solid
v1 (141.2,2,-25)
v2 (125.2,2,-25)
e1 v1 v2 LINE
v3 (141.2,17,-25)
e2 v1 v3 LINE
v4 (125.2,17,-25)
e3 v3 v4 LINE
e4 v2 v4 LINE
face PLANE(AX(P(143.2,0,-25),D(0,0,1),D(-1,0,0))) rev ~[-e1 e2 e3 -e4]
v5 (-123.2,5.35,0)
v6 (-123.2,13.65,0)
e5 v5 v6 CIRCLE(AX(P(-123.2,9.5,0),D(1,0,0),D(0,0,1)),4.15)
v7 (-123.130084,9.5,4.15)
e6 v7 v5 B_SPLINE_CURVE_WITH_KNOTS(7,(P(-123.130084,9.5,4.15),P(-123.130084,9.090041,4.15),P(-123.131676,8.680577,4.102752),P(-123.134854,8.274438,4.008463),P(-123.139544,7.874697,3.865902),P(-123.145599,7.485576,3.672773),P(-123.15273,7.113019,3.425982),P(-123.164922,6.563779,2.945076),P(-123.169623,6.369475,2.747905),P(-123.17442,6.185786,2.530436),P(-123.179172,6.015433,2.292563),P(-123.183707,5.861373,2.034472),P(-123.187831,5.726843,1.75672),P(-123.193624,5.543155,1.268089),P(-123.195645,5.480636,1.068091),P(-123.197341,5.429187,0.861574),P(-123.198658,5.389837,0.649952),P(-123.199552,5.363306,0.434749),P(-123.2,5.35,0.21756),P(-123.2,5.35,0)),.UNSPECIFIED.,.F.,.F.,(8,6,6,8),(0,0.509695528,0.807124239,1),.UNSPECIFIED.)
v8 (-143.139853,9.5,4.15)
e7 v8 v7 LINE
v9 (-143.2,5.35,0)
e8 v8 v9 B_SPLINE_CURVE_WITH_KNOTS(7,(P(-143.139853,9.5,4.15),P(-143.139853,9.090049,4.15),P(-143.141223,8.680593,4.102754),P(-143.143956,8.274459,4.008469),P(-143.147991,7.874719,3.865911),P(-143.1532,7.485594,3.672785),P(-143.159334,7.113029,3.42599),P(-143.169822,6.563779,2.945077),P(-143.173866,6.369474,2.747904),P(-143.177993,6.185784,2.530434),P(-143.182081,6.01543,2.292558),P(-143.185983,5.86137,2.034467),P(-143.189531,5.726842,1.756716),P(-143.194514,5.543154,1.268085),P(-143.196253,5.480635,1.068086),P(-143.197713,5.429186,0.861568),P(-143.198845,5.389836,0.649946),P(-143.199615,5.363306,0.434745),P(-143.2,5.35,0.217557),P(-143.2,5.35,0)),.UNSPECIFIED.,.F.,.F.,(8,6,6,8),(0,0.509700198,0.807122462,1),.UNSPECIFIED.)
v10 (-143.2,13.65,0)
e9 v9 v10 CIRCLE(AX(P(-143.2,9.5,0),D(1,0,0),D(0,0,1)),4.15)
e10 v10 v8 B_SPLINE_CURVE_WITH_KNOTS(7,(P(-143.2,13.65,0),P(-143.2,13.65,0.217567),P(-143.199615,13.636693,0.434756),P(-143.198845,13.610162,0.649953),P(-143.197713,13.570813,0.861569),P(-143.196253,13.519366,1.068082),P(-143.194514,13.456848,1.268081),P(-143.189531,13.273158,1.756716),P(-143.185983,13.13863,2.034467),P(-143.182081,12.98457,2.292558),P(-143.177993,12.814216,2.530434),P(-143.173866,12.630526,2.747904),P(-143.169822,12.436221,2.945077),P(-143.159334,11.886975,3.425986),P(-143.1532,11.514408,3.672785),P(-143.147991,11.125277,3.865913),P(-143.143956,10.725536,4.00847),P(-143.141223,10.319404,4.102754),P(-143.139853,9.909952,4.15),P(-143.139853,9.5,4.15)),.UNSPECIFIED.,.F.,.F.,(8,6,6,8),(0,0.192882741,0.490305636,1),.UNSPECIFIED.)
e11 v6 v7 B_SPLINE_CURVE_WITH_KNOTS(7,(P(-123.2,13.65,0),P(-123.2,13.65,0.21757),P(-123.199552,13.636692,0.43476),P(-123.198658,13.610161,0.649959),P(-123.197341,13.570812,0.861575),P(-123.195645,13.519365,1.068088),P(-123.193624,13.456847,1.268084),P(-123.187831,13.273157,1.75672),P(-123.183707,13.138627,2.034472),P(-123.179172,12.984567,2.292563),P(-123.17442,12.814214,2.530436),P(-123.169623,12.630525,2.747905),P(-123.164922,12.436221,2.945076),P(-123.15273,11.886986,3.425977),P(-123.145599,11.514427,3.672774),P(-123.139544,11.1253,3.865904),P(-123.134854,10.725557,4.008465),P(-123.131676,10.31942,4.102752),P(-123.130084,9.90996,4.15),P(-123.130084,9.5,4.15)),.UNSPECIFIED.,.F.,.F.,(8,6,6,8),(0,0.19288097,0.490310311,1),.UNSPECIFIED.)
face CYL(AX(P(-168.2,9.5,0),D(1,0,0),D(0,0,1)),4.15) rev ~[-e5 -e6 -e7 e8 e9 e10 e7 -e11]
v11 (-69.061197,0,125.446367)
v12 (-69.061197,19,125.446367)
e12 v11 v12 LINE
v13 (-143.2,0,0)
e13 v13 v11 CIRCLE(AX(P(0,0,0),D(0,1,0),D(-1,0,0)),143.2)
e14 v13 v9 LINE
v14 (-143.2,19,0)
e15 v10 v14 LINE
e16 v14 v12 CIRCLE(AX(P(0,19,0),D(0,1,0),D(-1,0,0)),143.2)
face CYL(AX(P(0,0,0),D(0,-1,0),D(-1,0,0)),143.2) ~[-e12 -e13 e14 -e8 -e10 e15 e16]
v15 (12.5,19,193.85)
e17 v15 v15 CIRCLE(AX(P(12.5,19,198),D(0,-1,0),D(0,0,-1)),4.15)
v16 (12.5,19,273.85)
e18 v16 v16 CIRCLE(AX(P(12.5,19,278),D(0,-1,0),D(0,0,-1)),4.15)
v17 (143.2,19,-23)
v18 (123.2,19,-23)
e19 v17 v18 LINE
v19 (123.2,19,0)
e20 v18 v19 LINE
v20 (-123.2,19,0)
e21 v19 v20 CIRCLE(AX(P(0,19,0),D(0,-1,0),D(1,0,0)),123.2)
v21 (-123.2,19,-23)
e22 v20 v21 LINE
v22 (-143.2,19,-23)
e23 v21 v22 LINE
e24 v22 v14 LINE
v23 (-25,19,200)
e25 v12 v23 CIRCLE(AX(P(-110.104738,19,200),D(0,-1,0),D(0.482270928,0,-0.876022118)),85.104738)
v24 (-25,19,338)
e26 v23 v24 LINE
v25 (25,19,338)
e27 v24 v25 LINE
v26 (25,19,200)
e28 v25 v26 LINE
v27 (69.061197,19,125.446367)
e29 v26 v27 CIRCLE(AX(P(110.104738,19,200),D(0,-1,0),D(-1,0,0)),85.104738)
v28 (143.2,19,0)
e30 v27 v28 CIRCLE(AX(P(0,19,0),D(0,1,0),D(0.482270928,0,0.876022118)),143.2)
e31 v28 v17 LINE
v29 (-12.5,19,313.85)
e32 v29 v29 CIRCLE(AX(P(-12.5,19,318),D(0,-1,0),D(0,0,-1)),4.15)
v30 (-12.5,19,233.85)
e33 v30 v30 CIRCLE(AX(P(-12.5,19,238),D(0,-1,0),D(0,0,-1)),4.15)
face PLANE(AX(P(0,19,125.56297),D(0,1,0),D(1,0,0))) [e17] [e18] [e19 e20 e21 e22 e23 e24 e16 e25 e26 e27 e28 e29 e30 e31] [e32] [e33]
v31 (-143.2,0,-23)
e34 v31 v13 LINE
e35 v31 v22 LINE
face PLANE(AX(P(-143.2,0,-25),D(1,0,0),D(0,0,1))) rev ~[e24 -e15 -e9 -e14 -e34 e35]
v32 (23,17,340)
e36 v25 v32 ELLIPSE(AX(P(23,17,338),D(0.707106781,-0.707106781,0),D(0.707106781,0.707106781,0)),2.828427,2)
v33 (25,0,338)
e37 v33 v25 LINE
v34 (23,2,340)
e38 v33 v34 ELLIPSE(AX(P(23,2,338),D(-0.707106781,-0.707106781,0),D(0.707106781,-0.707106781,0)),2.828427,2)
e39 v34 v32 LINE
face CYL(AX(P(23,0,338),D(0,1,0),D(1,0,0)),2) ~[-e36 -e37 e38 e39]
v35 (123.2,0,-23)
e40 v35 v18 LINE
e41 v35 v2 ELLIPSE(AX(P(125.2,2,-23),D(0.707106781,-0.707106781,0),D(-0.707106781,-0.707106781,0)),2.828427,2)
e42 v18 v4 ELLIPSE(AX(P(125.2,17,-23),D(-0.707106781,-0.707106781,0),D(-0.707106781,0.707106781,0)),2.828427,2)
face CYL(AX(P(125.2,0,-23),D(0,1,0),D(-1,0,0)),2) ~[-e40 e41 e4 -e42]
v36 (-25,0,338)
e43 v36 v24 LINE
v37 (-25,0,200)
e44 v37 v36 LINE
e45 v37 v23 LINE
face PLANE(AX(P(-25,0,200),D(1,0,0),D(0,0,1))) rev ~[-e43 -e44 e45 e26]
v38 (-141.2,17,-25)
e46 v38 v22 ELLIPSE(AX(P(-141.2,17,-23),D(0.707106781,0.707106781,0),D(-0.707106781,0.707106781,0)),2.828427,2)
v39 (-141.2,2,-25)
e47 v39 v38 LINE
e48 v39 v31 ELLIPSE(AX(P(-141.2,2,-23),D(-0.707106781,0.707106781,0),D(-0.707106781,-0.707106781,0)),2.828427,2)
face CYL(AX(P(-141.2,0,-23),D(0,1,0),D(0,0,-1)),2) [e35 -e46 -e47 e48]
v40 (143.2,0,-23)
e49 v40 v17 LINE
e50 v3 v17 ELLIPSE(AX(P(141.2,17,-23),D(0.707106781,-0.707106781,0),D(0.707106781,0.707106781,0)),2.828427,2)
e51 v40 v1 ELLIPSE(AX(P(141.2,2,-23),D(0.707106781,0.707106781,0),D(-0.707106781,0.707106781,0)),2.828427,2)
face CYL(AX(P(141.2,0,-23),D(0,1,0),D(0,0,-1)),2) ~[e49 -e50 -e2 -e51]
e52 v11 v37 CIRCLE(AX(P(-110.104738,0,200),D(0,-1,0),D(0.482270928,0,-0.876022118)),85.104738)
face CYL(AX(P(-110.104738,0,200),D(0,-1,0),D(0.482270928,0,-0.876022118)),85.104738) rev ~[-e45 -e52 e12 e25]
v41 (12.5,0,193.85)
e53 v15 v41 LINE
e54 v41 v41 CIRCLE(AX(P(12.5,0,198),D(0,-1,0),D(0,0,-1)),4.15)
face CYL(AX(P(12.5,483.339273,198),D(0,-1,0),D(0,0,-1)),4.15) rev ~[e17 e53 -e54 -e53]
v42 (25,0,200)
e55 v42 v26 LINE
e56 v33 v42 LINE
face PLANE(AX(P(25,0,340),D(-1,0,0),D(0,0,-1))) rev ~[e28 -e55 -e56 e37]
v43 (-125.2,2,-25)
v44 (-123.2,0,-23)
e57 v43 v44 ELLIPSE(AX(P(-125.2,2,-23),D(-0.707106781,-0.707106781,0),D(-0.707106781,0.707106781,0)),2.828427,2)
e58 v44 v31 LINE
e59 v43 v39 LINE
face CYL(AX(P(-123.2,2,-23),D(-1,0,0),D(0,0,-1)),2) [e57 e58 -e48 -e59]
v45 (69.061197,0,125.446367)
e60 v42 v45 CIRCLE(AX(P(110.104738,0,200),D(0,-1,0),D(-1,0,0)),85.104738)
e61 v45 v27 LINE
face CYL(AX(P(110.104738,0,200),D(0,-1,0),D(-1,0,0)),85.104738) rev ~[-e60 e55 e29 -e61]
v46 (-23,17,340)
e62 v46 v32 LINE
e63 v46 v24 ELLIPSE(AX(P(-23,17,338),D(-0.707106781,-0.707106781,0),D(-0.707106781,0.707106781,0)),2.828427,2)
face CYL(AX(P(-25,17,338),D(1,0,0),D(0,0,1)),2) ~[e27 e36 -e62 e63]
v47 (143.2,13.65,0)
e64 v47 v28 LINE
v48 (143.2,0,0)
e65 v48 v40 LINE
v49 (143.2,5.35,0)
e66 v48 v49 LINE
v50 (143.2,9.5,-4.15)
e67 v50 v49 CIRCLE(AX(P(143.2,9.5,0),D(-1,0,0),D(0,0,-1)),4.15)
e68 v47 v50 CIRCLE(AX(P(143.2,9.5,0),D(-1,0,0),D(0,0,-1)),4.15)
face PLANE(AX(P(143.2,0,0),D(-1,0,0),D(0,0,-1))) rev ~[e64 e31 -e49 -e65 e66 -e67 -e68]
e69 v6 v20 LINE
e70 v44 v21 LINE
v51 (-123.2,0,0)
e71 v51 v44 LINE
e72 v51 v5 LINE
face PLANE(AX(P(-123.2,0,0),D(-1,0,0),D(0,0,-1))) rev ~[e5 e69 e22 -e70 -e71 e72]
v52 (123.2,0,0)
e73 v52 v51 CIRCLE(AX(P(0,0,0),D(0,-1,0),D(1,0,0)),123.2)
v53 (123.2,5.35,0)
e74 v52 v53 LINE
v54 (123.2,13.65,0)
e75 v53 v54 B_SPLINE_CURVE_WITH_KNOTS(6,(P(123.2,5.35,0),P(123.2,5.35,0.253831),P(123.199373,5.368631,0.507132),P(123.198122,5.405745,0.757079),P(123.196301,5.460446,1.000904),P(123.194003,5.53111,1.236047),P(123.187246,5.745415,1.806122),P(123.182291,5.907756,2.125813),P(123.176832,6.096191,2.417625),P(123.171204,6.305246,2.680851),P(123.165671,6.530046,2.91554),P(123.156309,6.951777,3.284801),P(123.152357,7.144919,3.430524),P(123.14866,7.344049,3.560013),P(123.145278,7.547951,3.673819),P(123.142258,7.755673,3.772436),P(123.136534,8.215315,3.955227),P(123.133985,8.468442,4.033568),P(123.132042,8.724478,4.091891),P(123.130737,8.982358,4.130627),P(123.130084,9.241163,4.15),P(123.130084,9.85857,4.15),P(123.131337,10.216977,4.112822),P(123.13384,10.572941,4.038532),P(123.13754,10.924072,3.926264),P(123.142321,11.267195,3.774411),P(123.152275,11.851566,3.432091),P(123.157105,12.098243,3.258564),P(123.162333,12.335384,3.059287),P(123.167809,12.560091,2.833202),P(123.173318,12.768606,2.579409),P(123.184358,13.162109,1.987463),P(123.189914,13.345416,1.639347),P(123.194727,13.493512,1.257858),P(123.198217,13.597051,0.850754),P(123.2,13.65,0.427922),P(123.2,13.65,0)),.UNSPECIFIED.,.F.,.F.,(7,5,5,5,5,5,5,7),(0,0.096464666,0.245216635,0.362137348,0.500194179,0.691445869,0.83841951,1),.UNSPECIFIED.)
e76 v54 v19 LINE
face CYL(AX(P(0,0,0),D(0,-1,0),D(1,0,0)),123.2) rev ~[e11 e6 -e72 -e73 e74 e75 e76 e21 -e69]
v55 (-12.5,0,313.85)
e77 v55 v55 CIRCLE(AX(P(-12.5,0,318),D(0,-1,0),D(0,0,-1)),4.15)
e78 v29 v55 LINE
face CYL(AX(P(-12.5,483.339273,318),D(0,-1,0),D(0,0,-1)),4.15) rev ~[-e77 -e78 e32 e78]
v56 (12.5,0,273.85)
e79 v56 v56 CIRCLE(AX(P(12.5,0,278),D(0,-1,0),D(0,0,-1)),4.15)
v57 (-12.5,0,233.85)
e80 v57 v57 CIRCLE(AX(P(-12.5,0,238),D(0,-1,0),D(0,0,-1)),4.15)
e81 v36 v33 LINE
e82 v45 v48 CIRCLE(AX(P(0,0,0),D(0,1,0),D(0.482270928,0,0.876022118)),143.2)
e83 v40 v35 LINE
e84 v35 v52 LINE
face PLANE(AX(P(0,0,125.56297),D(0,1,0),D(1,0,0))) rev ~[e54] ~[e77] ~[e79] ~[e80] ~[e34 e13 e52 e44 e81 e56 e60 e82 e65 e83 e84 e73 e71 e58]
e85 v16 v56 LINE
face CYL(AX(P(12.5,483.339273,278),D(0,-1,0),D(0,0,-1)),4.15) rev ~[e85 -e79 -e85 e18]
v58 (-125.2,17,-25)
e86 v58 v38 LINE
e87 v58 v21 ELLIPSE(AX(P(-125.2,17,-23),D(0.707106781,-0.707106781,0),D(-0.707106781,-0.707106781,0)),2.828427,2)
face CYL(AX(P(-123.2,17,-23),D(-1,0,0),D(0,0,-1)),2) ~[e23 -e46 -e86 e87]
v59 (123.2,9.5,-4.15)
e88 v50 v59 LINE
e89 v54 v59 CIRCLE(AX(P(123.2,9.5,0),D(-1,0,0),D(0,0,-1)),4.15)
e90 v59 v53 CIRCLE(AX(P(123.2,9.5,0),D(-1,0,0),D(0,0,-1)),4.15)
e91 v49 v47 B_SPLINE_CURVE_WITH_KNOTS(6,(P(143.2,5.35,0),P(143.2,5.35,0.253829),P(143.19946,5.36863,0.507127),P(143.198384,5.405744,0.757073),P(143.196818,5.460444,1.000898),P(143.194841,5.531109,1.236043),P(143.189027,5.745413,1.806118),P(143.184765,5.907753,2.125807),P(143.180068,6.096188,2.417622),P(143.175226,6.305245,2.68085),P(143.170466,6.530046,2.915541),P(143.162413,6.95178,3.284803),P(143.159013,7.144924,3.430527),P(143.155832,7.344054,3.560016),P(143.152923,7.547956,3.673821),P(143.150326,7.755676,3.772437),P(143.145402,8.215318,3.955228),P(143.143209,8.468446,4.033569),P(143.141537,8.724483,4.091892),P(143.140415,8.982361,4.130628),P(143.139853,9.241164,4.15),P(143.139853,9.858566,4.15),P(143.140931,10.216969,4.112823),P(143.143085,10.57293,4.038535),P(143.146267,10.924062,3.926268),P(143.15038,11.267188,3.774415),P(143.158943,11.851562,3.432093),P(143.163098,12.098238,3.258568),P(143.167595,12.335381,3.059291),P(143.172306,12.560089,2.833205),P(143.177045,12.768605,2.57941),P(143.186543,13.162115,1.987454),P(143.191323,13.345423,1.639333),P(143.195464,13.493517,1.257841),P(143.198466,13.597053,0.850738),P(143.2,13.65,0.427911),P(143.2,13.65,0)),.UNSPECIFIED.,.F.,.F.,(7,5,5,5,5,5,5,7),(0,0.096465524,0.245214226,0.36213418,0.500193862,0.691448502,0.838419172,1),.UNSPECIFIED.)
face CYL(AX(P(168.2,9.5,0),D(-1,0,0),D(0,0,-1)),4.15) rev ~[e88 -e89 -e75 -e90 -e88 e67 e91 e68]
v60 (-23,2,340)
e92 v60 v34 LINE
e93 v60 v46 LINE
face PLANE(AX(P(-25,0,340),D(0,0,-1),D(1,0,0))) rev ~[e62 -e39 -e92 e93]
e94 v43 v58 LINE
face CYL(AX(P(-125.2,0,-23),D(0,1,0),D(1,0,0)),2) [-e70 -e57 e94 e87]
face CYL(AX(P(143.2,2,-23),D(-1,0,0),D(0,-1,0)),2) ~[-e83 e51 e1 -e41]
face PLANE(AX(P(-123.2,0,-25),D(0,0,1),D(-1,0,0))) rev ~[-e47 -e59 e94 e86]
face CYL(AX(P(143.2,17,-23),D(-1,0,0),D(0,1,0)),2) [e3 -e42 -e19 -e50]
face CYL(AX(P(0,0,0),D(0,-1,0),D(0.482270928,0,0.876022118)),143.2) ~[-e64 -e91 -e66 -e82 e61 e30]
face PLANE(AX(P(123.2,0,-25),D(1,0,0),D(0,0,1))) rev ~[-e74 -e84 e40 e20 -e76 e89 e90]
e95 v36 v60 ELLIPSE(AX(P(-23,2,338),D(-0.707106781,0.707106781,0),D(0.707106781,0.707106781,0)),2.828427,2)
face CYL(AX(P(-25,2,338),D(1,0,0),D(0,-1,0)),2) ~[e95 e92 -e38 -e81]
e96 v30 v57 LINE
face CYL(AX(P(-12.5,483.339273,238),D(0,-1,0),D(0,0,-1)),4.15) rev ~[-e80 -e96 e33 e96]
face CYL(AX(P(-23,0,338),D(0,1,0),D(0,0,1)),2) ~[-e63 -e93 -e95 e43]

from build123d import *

# Parameters (mm, degrees)
RESSALTO_EXTRUS_O1_DEPTH                       = 19
FILETE2_R                                      = 2
FILETE3_R                                      = 2
FILETE4_R                                      = 2
FURO_ROSCADO_PARA_CONDU_TE_DE_M8X1_252_D       = 8.3
FURO_ROSCADO_PARA_CONDU_TE_DE_M8X1_251_D       = 8.3
FURO_ROSCADO_PARA_CONDU_TE_DE_M8X1_251_DEPTH   = 25
FURO_ROSCADO_PARA_CONDU_TE_DE_M8X1_251_TIP     = 2.493571569
FURO_ROSCADO_PARA_CONDU_TE_DE_M8X1_251_O_D     = 8.3
FURO_ROSCADO_PARA_CONDU_TE_DE_M8X1_251_O_DEPTH = 25
FURO_ROSCADO_PARA_CONDU_TE_DE_M8X1_251_O_TIP   = 2.493571569


with BuildPart() as part:
    # Esboço2 → Ressalto-extrusão1 (new body)
    with BuildSketch(Plane(origin=(0, 0, 0), x_dir=(1, 0, 0), z_dir=(0, 1, 0))):
        with BuildLine():
            Line((-25, -200), (-25, -340))
            Line((-25, -340), (25, -340))
            Line((25, -340), (25, -200))
            ThreePointArc((25, -200), (36.838728685, -156.699788653), (69.061196889, -125.446367362))
            ThreePointArc((69.061196889, -125.446367362), (123.279770024, -72.858344084), (143.2, 0))
            Line((143.2, 0), (143.2, 25))
            Line((143.2, 25), (123.2, 25))
            Line((123.2, 25), (123.2, 0))
            ThreePointArc((123.2, 0), (0, -123.2), (-123.2, 0))
            Line((-123.2, 0), (-123.2, 25))
            Line((-123.2, 25), (-143.2, 25))
            Line((-143.2, 25), (-143.2, 0))
            ThreePointArc((-143.2, 0), (-123.279770024, -72.858344084), (-69.061196889, -125.446367362))
            ThreePointArc((-69.061196889, -125.446367362), (-36.838728685, -156.699788653), (-25, -200))
        make_face()
    extrude(amount=RESSALTO_EXTRUS_O1_DEPTH)

    # Filete2
    filete2_edges = [part.edges().sort_by_distance(p)[0] for p in [
        (-133.2, 19, -25),
        (-133.2, 0, -25),
        (-143.2, 9.5, -25),
        (-123.2, 9.5, -25),
    ]]
    fillet(filete2_edges, radius=FILETE2_R)

    # Filete3
    filete3_edges = [part.edges().sort_by_distance(p)[0] for p in [
        (133.2, 0, -25),
        (123.2, 9.5, -25),
        (143.2, 9.5, -25),
        (133.2, 19, -25),
    ]]
    fillet(filete3_edges, radius=FILETE3_R)

    # Filete4
    filete4_edges = [part.edges().sort_by_distance(p)[0] for p in [
        (0, 0, 340),
        (25, 9.5, 340),
        (-25, 9.5, 340),
        (0, 19, 340),
    ]]
    fillet(filete4_edges, radius=FILETE4_R)

    # Furo roscado para conduíte de M8x1.252 (through all)
    with Locations(Plane(origin=(-12.5, 19, 318), x_dir=(0, 0, 1), z_dir=(0, 1, 0))):
        with Locations((0, 0), (-40, 25), (-120, 25), (-80, 0)):
            Hole(FURO_ROSCADO_PARA_CONDU_TE_DE_M8X1_252_D / 2)

    # Furo roscado para conduíte de M8x1.251
    with Locations(Plane(origin=(143.2, 9.5, 0), x_dir=(0, 0, 1), z_dir=(1, 0, 0))):
        with Locations((0, 0)):
            Hole(FURO_ROSCADO_PARA_CONDU_TE_DE_M8X1_251_D / 2, depth=FURO_ROSCADO_PARA_CONDU_TE_DE_M8X1_251_DEPTH)
            with Locations((0, 0, -(FURO_ROSCADO_PARA_CONDU_TE_DE_M8X1_251_DEPTH + FURO_ROSCADO_PARA_CONDU_TE_DE_M8X1_251_TIP / 2))):  # 118° drill point
                Cone(0, FURO_ROSCADO_PARA_CONDU_TE_DE_M8X1_251_D / 2, FURO_ROSCADO_PARA_CONDU_TE_DE_M8X1_251_TIP, mode=Mode.SUBTRACT)

    # Furo roscado para conduíte de M8x1.251 o
    with Locations(Plane(origin=(-143.2, 9.5, 0), x_dir=(0, 0, -1), z_dir=(-1, 0, 0))):
        with Locations((0, 0)):
            Hole(FURO_ROSCADO_PARA_CONDU_TE_DE_M8X1_251_O_D / 2, depth=FURO_ROSCADO_PARA_CONDU_TE_DE_M8X1_251_O_DEPTH)
            with Locations((0, 0, -(FURO_ROSCADO_PARA_CONDU_TE_DE_M8X1_251_O_DEPTH + FURO_ROSCADO_PARA_CONDU_TE_DE_M8X1_251_O_TIP / 2))):  # 118° drill point
                Cone(0, FURO_ROSCADO_PARA_CONDU_TE_DE_M8X1_251_O_D / 2, FURO_ROSCADO_PARA_CONDU_TE_DE_M8X1_251_O_TIP, mode=Mode.SUBTRACT)


solid = part.part
